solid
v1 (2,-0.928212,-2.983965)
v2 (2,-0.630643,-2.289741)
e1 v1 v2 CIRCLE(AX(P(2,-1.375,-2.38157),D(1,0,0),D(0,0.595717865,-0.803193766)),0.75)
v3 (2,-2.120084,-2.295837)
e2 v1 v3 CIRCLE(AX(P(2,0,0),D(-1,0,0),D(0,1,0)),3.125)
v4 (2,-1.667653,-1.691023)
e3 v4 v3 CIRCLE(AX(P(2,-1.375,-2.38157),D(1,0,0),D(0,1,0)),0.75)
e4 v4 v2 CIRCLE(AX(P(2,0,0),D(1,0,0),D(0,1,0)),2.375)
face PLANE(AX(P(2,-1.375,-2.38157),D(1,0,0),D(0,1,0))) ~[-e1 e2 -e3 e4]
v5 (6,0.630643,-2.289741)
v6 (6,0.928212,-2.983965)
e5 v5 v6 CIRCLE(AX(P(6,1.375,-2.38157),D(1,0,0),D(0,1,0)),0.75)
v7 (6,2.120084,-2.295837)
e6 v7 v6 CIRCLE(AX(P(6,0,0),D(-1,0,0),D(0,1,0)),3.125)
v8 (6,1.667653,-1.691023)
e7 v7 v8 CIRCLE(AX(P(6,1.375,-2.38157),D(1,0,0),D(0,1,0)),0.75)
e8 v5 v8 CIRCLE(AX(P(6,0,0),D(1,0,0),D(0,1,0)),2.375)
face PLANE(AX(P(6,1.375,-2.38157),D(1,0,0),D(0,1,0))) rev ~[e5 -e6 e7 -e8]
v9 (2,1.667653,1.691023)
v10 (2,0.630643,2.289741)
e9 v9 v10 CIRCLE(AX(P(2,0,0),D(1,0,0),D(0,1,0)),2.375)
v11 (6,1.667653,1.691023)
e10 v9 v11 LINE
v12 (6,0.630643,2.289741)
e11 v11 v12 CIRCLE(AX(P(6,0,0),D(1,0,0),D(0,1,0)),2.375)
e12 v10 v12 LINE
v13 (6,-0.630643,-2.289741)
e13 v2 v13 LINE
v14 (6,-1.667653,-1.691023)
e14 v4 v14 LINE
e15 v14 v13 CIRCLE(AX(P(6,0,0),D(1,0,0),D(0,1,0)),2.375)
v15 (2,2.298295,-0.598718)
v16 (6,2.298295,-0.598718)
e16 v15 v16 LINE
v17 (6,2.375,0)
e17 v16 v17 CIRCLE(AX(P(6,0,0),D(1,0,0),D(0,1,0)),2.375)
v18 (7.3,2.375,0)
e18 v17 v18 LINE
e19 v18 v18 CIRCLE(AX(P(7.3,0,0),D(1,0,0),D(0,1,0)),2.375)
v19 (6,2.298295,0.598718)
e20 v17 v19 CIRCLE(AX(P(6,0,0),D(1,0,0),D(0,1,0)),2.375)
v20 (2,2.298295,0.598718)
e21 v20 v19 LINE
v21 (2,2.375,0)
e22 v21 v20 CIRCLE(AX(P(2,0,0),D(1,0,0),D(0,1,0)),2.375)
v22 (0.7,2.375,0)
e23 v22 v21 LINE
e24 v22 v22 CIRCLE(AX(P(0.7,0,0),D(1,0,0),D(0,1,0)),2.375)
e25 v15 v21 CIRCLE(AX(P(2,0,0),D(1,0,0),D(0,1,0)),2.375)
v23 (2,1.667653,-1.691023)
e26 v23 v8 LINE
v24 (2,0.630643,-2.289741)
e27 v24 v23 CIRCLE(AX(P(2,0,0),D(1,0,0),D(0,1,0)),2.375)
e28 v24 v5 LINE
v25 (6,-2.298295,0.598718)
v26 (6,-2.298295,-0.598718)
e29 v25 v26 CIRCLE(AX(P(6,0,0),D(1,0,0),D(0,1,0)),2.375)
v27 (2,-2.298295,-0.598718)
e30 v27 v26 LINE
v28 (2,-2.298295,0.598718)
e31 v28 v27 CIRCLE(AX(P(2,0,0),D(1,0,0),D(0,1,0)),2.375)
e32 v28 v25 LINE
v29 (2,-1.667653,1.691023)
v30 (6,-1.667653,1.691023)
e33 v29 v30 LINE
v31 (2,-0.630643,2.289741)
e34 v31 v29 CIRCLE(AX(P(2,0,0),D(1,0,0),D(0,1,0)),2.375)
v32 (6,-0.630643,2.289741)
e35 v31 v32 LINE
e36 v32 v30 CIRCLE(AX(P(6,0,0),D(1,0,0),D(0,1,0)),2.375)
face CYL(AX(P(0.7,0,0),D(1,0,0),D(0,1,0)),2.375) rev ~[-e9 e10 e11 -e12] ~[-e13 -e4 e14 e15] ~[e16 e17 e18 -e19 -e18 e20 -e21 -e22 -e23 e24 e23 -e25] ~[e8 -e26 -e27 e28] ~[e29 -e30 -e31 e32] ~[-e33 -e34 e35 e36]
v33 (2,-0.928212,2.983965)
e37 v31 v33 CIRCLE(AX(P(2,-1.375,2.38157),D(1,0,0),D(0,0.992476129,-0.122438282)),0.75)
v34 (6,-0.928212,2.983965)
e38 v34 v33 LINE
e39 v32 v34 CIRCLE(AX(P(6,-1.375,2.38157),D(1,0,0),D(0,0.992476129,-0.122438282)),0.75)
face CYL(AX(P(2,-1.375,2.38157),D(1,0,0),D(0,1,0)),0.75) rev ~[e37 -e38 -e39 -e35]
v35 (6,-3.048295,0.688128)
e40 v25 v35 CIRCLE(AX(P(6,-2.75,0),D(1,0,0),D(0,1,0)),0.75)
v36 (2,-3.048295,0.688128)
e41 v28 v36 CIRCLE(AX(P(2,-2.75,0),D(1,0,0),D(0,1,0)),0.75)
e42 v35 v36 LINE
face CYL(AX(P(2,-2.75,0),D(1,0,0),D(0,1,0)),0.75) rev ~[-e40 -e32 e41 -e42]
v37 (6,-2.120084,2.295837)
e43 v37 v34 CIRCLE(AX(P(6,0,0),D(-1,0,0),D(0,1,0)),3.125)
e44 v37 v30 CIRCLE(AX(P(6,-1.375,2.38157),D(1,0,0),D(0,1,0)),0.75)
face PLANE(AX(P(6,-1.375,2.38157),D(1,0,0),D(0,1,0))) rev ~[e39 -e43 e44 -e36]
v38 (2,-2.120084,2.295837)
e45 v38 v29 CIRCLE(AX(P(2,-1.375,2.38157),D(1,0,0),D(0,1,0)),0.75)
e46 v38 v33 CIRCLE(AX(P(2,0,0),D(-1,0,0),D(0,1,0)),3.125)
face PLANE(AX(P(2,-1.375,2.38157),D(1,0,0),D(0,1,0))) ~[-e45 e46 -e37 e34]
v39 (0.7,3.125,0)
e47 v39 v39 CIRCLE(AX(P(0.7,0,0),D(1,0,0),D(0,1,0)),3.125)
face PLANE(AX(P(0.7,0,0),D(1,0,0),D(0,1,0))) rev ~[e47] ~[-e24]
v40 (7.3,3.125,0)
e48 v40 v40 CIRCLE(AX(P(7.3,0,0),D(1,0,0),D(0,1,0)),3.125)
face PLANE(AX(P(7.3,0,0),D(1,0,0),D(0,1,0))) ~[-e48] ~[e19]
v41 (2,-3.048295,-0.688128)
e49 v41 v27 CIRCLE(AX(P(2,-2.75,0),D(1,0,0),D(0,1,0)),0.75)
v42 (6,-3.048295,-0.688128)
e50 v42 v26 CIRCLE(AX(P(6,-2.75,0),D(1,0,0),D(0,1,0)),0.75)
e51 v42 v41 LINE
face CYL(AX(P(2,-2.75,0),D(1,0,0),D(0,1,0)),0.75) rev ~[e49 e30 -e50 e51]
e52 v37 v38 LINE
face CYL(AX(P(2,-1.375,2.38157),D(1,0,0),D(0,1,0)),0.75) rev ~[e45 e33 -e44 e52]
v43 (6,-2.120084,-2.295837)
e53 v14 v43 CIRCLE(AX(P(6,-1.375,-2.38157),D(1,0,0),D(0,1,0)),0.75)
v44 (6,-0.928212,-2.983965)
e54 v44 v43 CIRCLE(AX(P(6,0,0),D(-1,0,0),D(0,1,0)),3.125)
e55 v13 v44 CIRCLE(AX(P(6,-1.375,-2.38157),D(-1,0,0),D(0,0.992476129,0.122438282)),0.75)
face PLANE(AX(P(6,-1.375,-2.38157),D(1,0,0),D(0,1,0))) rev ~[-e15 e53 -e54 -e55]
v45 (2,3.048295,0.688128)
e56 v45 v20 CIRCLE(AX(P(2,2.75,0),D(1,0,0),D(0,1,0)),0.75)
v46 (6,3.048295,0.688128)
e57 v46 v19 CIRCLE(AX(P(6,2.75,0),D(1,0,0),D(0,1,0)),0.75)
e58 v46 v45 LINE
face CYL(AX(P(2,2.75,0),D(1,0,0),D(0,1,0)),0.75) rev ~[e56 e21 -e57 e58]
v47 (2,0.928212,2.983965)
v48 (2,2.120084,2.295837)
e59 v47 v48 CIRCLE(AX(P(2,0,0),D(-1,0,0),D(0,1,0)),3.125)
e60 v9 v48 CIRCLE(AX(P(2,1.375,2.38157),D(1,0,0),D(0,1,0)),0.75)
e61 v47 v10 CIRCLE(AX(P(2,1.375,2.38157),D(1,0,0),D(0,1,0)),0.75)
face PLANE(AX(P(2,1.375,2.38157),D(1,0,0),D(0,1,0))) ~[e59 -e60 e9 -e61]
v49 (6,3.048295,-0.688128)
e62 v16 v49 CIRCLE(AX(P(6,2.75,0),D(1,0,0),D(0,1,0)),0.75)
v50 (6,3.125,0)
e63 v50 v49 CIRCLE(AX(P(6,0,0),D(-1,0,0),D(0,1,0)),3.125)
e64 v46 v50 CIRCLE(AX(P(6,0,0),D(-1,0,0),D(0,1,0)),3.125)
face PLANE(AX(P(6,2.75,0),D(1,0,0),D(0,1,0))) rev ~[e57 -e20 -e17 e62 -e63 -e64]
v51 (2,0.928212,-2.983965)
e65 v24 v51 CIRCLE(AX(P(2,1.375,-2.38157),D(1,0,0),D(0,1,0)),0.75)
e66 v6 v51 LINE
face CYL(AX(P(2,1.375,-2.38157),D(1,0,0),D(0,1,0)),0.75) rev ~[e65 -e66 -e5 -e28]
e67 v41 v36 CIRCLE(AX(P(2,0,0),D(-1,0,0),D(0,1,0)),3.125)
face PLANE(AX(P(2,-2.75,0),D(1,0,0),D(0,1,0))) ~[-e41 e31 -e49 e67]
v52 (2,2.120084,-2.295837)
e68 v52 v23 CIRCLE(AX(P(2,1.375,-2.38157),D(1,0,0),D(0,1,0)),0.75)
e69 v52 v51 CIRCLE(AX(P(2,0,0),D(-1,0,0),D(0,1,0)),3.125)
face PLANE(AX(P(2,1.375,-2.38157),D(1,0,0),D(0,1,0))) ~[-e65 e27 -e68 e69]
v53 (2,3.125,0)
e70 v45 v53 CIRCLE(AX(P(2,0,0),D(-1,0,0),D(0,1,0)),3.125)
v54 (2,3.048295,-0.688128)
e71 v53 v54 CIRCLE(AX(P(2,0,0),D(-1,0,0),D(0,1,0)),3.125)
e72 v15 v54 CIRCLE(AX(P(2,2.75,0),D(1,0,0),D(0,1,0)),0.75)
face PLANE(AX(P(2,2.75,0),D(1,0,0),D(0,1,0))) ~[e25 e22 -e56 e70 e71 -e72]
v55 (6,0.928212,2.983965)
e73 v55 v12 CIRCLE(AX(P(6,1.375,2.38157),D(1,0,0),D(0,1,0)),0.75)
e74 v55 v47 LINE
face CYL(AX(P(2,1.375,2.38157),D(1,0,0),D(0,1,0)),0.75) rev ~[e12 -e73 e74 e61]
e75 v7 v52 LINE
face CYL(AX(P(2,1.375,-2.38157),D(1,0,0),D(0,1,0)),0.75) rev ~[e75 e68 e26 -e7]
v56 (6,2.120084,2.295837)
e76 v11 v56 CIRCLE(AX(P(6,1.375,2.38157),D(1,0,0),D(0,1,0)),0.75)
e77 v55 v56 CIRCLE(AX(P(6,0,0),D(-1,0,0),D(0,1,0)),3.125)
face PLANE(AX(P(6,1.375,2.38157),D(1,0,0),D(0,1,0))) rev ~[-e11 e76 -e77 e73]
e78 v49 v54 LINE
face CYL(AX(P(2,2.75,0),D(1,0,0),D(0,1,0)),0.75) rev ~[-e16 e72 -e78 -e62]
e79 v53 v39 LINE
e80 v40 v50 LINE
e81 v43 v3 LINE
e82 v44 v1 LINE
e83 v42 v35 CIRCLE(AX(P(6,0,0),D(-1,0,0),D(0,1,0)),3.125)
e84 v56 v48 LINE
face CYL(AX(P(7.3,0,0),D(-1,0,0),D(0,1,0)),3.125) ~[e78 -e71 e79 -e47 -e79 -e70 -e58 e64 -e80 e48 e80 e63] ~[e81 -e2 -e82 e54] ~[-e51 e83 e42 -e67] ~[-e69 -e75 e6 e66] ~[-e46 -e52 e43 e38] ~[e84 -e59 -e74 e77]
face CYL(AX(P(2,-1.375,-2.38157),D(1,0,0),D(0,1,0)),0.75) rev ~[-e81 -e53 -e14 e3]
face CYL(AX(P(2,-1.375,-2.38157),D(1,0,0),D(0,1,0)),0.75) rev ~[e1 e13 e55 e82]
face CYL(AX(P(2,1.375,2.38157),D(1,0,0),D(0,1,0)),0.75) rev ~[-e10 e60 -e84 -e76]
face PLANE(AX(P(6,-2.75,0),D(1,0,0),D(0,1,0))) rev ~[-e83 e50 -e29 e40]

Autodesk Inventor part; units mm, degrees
sketch "Sketch_1" plane through (0, 0, 0) normal (0, 0, 1) x (1, 0, 0)
  line L0 (7.3, 0) -> (0.7, 0)
  line L1 (0.7, 2.375) -> (7.3, 2.375)
  line L2 (7.3, 2.375) -> (7.3, 3.125)
  line L3 (7.3, 3.125) -> (0.7, 3.125)
  line L4 (0.7, 3.125) -> (0.7, 2.375)
revolve "Revolution1" add sketch "Sketch_1" angle 360 about axis through (7.3, 0, 0) along (1, 0, 0)
sketch "Sketch_2" plane through (0, 0, 0) normal (0, 0, 1) x (1, 0, 0)
  line L0 (6, 2.75) -> (2, 2.75)
  line L1 (2, 2.75) -> (2, 3.5)
  line L2 (2, 3.5) -> (6, 3.5)
  line L3 (6, 3.5) -> (6, 2.75)
  line L4 (6, 2.75) -> (2, 2.75)
revolve "Revolution2" cut sketch "Sketch_2" angle 360 about axis through (6, 2.75, 0) along (1, 0, 0)
pattern_linear "Rectangular Pattern1" count 3 spacing 2.75 along (0, -0.5, 0.866) count 3 spacing 2.75 along (0, -0.5, -0.866) of "Revolution2"
ref_plane "IP_1_XY" through (4, 0, 0) normal (1, 0, 0) x (0, 0, -1)
ref_plane "IP_1_YZ" through (4, 0, 0) normal (0, 0, -1) x (0, 1, 0)
ref_plane "IP_1_ZX" through (4, 0, 0) normal (0, 1, 0) x (1, 0, 0)
ref_plane "IP_3_1_XY" through (4, 2.75, 0) normal (1, 0, 0) x (0, 0, -1)
ref_plane "IP_3_1_YZ" through (4, 2.75, 0) normal (0, 0, -1) x (0, 1, 0)
ref_plane "IP_3_1_ZX" through (4, 2.75, 0) normal (0, 1, 0) x (1, 0, 0)
ref_plane "IP_3_2_XY" through (4, 1.375, 2.3816) normal (1, 0, 0) x (0, 0, -1)
ref_plane "IP_3_2_YZ" through (4, 1.375, 2.3816) normal (0, 0, -1) x (0, 1, 0)
ref_plane "IP_3_2_ZX" through (4, 1.375, 2.3816) normal (0, 1, 0) x (1, 0, 0)
ref_plane "IP_3_3_XY" through (4, -1.375, 2.3816) normal (1, 0, 0) x (0, 0, -1)
ref_plane "IP_3_3_YZ" through (4, -1.375, 2.3816) normal (0, 0, -1) x (0, 1, 0)
ref_plane "IP_3_3_ZX" through (4, -1.375, 2.3816) normal (0, 1, 0) x (1, 0, 0)
ref_plane "IP_3_4_XY" through (4, -2.75, 0) normal (1, 0, 0) x (0, 0, -1)
ref_plane "IP_3_4_YZ" through (4, -2.75, 0) normal (0, 0, -1) x (0, 1, 0)
ref_plane "IP_3_4_ZX" through (4, -2.75, 0) normal (0, 1, 0) x (1, 0, 0)
ref_plane "IP_3_5_XY" through (4, -1.375, -2.3816) normal (1, 0, 0) x (0, 0, -1)
ref_plane "IP_3_5_YZ" through (4, -1.375, -2.3816) normal (0, 0, -1) x (0, 1, 0)
ref_plane "IP_3_5_ZX" through (4, -1.375, -2.3816) normal (0, 1, 0) x (1, 0, 0)
ref_plane "IP_3_6_XY" through (4, 1.375, -2.3816) normal (1, 0, 0) x (0, 0, -1)
ref_plane "IP_3_6_YZ" through (4, 1.375, -2.3816) normal (0, 0, -1) x (0, 1, 0)
ref_plane "IP_3_6_ZX" through (4, 1.375, -2.3816) normal (0, 1, 0) x (1, 0, 0)
properties part number "HK0408FT2CA"
